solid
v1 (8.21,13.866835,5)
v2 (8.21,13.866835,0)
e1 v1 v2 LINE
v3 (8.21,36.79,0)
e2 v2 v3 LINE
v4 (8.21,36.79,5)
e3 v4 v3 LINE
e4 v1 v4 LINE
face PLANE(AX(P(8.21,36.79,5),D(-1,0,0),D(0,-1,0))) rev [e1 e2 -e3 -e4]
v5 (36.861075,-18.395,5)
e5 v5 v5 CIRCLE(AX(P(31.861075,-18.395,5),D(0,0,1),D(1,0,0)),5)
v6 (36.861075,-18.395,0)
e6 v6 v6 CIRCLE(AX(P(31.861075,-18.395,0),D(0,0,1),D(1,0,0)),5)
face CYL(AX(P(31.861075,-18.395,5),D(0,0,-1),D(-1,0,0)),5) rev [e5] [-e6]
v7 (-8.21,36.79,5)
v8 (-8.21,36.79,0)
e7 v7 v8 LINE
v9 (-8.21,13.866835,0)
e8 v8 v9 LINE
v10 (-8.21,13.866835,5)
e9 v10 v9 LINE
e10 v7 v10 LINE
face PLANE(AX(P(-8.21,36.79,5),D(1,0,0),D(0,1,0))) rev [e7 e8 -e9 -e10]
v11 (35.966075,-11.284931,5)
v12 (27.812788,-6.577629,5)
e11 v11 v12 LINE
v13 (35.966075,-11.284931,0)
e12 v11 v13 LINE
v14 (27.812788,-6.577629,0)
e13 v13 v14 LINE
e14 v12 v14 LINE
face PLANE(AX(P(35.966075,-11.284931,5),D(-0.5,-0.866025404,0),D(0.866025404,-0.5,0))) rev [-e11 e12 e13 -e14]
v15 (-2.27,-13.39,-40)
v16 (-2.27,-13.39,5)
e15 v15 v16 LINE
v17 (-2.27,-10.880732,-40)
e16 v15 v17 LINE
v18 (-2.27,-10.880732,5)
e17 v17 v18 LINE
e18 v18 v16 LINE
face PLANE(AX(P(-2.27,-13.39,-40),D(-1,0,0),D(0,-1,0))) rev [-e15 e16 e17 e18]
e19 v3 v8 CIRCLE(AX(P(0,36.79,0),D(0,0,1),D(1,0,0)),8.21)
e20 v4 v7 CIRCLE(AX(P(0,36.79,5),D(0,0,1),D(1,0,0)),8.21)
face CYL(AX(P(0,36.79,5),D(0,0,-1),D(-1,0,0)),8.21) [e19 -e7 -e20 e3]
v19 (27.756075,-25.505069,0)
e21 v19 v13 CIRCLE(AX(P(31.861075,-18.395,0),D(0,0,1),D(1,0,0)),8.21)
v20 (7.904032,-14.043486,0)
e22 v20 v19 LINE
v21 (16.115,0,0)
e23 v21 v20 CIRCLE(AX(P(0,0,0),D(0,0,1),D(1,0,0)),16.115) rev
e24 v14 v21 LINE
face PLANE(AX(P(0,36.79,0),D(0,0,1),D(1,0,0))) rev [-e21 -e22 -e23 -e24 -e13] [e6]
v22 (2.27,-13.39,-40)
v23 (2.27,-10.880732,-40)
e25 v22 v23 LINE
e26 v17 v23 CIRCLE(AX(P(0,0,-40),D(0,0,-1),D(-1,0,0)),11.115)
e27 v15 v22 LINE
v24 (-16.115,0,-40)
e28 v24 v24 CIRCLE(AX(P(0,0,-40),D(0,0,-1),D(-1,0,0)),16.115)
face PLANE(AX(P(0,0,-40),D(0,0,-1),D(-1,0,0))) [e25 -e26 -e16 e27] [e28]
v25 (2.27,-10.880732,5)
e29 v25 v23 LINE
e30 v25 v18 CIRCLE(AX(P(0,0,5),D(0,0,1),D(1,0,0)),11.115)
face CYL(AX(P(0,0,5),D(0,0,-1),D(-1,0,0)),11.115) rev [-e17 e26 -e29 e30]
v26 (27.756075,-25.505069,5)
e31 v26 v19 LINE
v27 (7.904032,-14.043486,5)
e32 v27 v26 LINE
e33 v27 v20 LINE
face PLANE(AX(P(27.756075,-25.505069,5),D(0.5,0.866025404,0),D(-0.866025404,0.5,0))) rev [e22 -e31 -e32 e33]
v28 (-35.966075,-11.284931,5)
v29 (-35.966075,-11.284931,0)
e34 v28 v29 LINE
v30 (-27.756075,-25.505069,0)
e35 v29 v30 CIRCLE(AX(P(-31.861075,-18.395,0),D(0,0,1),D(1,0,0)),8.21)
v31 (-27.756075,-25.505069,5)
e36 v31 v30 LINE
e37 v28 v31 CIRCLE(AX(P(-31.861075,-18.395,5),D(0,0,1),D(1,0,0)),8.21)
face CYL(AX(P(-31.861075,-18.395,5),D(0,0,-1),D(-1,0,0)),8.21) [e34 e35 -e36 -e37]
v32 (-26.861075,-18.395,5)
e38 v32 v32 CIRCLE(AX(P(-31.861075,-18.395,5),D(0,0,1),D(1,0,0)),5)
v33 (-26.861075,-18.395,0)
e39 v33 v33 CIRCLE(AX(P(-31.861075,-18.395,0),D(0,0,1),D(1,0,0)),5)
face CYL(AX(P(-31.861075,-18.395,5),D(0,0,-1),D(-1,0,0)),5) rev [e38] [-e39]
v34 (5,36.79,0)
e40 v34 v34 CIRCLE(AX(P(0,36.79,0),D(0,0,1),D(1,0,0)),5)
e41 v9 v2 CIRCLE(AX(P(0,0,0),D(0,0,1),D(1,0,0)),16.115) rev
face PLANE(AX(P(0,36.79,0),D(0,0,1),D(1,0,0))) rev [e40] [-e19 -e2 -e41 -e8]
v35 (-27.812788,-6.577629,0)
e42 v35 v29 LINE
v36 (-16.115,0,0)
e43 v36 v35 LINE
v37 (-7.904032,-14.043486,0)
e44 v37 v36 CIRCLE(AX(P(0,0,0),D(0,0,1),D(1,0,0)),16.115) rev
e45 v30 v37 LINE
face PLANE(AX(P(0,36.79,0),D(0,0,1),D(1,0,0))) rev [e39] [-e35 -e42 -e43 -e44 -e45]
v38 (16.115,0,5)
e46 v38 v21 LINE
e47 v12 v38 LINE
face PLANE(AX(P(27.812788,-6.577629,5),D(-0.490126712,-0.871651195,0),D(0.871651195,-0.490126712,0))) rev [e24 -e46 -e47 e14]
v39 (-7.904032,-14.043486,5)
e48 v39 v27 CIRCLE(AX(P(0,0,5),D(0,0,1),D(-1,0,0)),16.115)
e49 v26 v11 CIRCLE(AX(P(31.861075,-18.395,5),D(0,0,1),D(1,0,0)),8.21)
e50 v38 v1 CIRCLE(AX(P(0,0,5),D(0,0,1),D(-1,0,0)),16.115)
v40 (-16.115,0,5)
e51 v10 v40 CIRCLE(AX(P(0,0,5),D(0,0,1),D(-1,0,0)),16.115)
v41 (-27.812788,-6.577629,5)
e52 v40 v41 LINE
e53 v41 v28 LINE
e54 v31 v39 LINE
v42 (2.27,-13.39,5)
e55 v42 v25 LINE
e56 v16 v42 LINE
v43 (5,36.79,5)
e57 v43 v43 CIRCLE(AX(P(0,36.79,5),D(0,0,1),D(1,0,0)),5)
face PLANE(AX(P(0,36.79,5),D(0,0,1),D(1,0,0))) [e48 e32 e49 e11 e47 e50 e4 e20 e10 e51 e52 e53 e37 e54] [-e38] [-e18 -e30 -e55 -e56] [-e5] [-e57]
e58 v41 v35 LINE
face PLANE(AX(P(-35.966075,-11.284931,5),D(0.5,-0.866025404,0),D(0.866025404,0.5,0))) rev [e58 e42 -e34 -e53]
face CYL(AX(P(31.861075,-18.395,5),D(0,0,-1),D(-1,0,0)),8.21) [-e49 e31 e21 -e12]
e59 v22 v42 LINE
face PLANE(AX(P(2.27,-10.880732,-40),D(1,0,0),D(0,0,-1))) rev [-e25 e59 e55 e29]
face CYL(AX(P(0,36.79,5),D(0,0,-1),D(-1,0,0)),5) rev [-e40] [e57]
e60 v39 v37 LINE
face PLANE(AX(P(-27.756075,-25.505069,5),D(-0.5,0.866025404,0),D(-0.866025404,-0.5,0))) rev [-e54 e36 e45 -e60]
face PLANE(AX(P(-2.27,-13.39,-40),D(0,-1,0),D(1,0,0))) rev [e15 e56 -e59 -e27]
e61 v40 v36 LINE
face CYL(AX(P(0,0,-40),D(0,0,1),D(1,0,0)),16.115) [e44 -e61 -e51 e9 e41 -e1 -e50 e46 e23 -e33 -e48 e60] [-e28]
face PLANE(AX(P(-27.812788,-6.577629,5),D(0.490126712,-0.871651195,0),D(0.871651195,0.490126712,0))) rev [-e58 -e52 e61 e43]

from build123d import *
from build123d.topology import SkipClean

# Parameters (mm, degrees)
SZKIC1_R                    = 5
SZKIC1_R_2                  = 11.115
DODANIE_WYCI_GNI_CIE1_DEPTH = 5
DODANIE_WYCI_GNI_CIE2_START = 40
SZKIC2_R                    = 16.115
SZKIC2_R_2                  = 11.115
DODANIE_WYCI_GNI_CIE2_DEPTH = 40
WYTNIJ_WYCI_GNI_CIE1_DEPTH  = 76.204328466
WYTNIJ_WYCI_GNI_CIE2_DEPTH  = 73.323516369


with BuildPart() as part:
    # Szkic1 → Dodanie-wyciągnięcie1 (new body)
    with BuildSketch(Plane.XY):
        with BuildLine():
            Line((35.966074605, -11.284931435), (27.812788277, -6.577629379))
            ThreePointArc((27.812788277, -6.577629379), (24.75100604, 14.29), (8.21, 27.375395888))
            Line((8.21, 27.375395888), (8.21, 36.79))
            ThreePointArc((8.21, 36.79), (0, 45), (-8.21, 36.79))
            Line((-8.21, 36.79), (-8.21, 27.375395888))
            ThreePointArc((-8.21, 27.375395888), (-24.75100604, 14.29), (-27.812788277, -6.577629379))
            Line((-27.812788277, -6.577629379), (-35.966074605, -11.284931435))
            ThreePointArc((-35.966074605, -11.284931435), (-38.97114317, -22.5), (-27.756074605, -25.505068565))
            Line((-27.756074605, -25.505068565), (-19.602788277, -20.797766509))
            ThreePointArc((-19.602788277, -20.797766509), (0, -28.58), (19.602788277, -20.797766509))
            Line((19.602788277, -20.797766509), (27.756074605, -25.505068565))
            ThreePointArc((27.756074605, -25.505068565), (38.97114317, -22.5), (35.966074605, -11.284931435))
        make_face()
        with Locations((0, 36.79)):
            Circle(SZKIC1_R, mode=Mode.SUBTRACT)
        with Locations((31.861074605, -18.395)):
            Circle(SZKIC1_R, mode=Mode.SUBTRACT)
        with Locations((-31.861074605, -18.395)):
            Circle(SZKIC1_R, mode=Mode.SUBTRACT)
        Circle(SZKIC1_R_2, mode=Mode.SUBTRACT)
    extrude(amount=DODANIE_WYCI_GNI_CIE1_DEPTH)

    # Szkic2 → Dodanie-wyciągnięcie2 (add)
    with SkipClean():  # the faces are left unmerged after this step: merging them gives an invalid solid
        with BuildSketch(Plane(origin=(0, 0, 0), x_dir=(-1, 0, 0), z_dir=(0, 0, -1)).offset(DODANIE_WYCI_GNI_CIE2_START)):
            with Locations(Location((0, 0, 0), (0, 0, 180))):
                Circle(SZKIC2_R)
            Circle(SZKIC2_R_2, mode=Mode.SUBTRACT)
        extrude(amount=-DODANIE_WYCI_GNI_CIE2_DEPTH)

    # Szkic3 → Wytnij-wyciągnięcie1 (cut, through all)
    with BuildSketch(Plane.XY.offset(5)):
        Polygon((2.27, -10.880731823), (2.27, -7.598635721), (-2.27, -7.598635721), (-2.27, -10.880731823), (-2.27, -13.39), (2.27, -13.39), align=None)
    extrude(amount=-WYTNIJ_WYCI_GNI_CIE1_DEPTH, mode=Mode.SUBTRACT)

    # Szkic4 → Wytnij-wyciągnięcie2 (cut, through all)
    with SkipClean():  # the faces are left unmerged after this step: merging them gives an invalid solid
        with BuildSketch(Plane(origin=(0, 0, 0), x_dir=(-1, 0, 0), z_dir=(0, 0, -1))):
            with BuildLine():
                Line((19.602788277, -20.797766509), (7.904031757, -14.043486283))
                ThreePointArc((7.904031757, -14.043486283), (0, -16.115), (-7.904031757, -14.043486283))
                Line((-7.904031757, -14.043486283), (-19.602788277, -20.797766509))
                ThreePointArc((-19.602788277, -20.797766509), (0, -28.58), (19.602788277, -20.797766509))
            make_face()
            with BuildLine():
                Line((27.812788277, -6.577629379), (16.115, 0))
                ThreePointArc((16.115, 0), (13.999953125, 7.980885759), (8.21, 13.866835436))
                Line((8.21, 13.866835436), (8.21, 27.375395888))
                ThreePointArc((8.21, 27.375395888), (24.75100604, 14.29), (27.812788277, -6.577629379))
            make_face()
            with BuildLine():
                Line((-8.21, 27.375395888), (-8.21, 13.866835436))
                ThreePointArc((-8.21, 13.866835436), (-13.999953125, 7.980885759), (-16.115, 0))
                Line((-16.115, 0), (-27.812788277, -6.577629379))
                ThreePointArc((-27.812788277, -6.577629379), (-24.75100604, 14.29), (-8.21, 27.375395888))
            make_face()
        extrude(amount=-WYTNIJ_WYCI_GNI_CIE2_DEPTH, mode=Mode.SUBTRACT)


solid = part.part
